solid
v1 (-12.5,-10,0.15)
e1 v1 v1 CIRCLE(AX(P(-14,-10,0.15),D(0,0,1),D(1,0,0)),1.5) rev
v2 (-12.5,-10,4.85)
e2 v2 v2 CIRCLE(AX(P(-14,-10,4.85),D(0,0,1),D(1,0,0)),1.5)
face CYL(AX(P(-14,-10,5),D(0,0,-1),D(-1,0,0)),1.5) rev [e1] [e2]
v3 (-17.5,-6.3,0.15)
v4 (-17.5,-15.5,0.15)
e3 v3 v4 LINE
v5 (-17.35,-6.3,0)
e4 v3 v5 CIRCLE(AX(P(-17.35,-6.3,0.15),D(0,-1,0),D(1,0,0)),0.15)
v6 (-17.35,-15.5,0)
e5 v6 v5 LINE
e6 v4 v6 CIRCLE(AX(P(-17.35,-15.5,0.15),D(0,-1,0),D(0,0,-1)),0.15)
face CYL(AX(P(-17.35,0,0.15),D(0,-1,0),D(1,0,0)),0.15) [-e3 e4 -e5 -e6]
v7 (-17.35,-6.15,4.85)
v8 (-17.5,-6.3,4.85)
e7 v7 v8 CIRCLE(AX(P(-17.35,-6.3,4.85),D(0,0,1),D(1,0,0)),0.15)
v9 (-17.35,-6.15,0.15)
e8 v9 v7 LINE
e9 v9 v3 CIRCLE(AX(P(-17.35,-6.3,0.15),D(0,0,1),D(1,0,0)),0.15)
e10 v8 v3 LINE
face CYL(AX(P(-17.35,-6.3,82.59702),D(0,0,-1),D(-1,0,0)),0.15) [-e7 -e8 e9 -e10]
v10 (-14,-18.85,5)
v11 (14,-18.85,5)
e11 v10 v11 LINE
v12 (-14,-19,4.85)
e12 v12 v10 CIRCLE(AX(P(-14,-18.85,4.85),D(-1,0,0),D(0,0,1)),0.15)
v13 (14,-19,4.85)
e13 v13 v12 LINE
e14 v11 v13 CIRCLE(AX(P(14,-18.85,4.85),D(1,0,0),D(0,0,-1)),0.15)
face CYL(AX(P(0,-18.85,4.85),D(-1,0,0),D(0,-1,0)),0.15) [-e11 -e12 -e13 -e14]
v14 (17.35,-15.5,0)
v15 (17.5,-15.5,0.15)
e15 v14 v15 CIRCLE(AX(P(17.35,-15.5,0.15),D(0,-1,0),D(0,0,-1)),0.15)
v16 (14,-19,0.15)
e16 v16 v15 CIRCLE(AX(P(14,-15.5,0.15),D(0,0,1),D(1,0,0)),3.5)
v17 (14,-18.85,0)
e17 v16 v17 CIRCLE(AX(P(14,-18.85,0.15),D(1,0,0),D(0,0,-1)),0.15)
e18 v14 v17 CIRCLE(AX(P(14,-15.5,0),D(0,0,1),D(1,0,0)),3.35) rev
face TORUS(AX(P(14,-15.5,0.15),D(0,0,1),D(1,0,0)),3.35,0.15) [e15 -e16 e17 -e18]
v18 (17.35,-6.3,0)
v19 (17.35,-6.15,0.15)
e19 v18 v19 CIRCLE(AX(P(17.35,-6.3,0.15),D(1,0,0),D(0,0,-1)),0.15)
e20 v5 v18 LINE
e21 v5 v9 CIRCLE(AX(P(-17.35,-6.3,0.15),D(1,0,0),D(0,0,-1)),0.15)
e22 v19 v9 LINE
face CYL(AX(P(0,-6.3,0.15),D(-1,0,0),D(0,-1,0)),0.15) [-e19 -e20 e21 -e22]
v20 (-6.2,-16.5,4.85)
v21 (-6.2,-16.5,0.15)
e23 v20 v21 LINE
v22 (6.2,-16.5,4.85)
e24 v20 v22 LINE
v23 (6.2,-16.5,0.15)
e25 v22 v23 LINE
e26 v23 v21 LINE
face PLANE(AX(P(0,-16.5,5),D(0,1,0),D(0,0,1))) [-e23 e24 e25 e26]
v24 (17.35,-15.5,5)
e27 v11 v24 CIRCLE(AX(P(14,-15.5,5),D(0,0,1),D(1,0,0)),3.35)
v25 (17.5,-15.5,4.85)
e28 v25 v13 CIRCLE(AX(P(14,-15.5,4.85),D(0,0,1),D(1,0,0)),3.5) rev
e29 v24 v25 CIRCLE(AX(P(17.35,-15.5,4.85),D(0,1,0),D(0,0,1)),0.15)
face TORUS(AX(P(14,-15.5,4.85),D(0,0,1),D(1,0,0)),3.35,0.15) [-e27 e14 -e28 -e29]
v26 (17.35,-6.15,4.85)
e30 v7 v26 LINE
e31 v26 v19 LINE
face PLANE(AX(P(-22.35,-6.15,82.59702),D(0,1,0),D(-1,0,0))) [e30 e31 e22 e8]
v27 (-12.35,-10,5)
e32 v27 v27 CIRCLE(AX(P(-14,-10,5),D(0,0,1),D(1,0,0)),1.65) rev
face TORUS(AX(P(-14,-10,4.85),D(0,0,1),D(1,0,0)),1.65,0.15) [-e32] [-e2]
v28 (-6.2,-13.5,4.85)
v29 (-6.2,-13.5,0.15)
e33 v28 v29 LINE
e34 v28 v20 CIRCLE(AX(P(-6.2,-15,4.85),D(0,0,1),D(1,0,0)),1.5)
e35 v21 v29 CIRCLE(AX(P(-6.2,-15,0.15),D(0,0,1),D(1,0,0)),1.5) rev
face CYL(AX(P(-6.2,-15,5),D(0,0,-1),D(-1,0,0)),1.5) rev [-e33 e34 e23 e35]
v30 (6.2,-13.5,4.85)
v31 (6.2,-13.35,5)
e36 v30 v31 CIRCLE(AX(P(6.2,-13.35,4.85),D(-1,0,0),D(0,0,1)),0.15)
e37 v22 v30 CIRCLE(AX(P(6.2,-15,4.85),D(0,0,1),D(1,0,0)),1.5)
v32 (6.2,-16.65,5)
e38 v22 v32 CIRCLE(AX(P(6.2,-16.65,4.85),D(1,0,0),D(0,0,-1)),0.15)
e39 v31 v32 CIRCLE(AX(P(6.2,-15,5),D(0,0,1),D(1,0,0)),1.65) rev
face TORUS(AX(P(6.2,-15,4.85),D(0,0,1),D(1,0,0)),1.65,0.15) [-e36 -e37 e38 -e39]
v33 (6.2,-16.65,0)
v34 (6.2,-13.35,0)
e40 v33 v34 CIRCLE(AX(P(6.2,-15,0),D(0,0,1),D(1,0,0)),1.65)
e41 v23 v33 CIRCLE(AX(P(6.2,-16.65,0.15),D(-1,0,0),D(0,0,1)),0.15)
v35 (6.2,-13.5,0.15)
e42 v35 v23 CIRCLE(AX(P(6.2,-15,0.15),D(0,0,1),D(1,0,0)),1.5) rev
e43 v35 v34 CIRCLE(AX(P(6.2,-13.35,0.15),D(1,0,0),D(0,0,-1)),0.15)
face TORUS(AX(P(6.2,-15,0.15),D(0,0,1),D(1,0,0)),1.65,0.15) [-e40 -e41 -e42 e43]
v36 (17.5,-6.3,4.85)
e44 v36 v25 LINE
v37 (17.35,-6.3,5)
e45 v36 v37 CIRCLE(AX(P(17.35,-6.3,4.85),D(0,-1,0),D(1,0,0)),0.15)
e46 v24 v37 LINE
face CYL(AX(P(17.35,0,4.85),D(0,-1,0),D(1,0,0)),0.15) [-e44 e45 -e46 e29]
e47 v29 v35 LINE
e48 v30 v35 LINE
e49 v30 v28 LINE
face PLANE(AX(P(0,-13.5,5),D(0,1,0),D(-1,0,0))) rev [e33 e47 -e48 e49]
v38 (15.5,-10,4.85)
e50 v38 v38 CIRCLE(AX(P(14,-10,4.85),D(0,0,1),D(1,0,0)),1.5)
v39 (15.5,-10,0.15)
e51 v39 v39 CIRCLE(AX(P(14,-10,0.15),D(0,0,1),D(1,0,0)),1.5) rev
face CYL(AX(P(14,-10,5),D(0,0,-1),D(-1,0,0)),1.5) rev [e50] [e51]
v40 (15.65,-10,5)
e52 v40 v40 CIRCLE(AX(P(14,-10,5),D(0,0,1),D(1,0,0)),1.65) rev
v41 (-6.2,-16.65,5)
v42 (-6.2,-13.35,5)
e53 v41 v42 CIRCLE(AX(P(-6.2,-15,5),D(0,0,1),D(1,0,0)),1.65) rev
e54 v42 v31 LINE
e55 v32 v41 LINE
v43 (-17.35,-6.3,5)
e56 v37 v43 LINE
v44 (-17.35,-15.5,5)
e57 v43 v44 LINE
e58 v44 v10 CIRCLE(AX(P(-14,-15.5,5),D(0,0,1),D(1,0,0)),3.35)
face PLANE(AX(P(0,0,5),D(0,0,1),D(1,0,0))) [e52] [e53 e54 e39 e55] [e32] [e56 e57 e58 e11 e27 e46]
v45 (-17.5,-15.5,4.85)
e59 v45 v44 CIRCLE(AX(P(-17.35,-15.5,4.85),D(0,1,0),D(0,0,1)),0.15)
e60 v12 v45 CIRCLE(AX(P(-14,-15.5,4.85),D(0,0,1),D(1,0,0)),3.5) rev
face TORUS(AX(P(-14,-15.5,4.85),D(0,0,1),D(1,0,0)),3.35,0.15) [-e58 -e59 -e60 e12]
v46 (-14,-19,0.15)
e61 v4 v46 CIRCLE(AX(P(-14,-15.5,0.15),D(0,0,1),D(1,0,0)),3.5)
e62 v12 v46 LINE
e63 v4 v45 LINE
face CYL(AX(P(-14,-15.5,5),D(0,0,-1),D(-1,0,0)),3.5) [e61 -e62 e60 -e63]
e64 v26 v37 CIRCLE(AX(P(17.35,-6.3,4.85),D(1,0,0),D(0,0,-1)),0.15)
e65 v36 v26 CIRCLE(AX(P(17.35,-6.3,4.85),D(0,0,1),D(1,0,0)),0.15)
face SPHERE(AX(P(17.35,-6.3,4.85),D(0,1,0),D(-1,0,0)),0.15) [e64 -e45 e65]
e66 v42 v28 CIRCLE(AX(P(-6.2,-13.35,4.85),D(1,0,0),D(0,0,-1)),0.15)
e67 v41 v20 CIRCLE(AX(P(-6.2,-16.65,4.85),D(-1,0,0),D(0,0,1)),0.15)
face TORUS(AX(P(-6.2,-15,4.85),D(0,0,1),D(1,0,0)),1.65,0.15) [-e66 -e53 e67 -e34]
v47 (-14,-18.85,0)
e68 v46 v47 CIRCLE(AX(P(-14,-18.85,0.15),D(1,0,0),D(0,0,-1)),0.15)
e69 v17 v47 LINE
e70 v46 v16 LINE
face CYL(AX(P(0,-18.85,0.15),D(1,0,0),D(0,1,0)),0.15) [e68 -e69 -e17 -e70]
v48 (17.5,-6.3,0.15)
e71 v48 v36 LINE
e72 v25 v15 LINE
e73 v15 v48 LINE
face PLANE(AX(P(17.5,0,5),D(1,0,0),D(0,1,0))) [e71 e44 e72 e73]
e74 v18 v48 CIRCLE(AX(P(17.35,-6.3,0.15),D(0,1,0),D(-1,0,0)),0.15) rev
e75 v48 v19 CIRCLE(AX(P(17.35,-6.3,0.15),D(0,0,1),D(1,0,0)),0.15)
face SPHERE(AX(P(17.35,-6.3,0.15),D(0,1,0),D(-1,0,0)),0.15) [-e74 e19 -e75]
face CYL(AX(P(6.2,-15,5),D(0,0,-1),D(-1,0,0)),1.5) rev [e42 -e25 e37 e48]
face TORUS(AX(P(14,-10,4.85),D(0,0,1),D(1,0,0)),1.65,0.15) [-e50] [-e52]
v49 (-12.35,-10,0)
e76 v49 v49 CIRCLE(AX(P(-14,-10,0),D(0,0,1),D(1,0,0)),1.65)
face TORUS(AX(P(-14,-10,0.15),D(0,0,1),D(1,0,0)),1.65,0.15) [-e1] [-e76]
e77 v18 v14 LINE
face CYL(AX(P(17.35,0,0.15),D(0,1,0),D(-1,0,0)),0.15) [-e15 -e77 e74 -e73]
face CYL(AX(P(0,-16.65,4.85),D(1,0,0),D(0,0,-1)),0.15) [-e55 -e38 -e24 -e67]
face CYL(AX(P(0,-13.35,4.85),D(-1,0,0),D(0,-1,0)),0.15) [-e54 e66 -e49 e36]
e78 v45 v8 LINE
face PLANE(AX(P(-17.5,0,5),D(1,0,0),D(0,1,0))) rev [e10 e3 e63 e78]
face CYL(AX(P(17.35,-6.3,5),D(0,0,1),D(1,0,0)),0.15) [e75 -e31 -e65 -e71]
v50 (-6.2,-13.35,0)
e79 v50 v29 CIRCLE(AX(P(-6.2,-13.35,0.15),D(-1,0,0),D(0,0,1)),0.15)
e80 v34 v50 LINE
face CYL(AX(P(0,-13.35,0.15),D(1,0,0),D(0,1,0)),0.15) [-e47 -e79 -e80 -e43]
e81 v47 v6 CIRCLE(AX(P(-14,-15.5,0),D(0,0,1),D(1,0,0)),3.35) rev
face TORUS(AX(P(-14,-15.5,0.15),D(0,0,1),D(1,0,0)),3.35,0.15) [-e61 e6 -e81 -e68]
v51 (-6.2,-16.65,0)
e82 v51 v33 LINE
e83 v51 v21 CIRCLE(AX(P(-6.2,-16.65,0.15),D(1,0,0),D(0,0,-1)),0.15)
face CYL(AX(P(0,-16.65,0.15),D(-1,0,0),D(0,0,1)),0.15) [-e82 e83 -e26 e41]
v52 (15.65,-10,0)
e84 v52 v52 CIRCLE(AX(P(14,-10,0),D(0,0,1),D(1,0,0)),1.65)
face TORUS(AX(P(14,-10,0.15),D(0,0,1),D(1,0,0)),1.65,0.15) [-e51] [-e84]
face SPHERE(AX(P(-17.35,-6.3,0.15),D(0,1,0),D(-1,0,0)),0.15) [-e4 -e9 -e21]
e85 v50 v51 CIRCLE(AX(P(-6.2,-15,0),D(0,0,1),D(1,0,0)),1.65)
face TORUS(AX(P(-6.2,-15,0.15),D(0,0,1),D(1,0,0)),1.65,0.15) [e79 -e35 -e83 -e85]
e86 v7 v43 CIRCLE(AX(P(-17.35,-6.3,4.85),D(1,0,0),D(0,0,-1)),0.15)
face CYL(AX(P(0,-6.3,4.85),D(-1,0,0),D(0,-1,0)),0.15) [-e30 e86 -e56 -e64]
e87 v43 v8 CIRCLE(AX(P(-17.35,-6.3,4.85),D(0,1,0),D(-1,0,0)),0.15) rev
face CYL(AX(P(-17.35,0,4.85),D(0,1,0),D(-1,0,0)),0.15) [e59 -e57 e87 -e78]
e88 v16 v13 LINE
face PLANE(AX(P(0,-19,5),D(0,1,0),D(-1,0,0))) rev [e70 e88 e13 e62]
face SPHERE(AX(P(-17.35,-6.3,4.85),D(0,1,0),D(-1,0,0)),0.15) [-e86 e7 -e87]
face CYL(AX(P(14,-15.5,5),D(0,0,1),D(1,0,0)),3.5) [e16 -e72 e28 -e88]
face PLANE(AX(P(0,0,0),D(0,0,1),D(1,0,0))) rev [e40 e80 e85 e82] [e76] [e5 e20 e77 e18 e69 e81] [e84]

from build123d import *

# Parameters (mm, degrees)
SKETCH1_R               = 2
SKETCH1_W               = 35
SKETCH1_H               = 28
SKETCH1_R_2             = 1.5
SKETCH1_R_3             = 1
SKETCH1_W_2             = 23
SKETCH1_H_2             = 12
BOSS_EXTRUDE1_DEPTH     = 5
FILLET1_R               = 3.5
FILLET2_R               = 0.15
CUT_EXTRUDE1_DEPTH      = 1
CUT_EXTRUDE1_DEPTH_BACK = 6
FILLET3_R               = 0.15


with BuildPart() as part:
    # Sketch1 → Boss-Extrude1 (new body)
    with BuildSketch(Plane.XY):
        with BuildLine():
            ThreePointArc((-17.5, 9), (0, 26), (17.5, 9))
            Line((17.5, 9), (-17.5, 9))
        make_face()
        with Locations((-8.5, 16)):
            Circle(SKETCH1_R, mode=Mode.SUBTRACT)
        with Locations((8.5, 16)):
            Circle(SKETCH1_R, mode=Mode.SUBTRACT)
        with Locations((0, -5)):
            Rectangle(SKETCH1_W, SKETCH1_H)
        with Locations((14, -10)):
            Circle(SKETCH1_R_2, mode=Mode.SUBTRACT)
        with Locations((-14, 0)):
            Circle(SKETCH1_R_3, mode=Mode.SUBTRACT)
        with Locations((-14, -10)):
            Circle(SKETCH1_R_2, mode=Mode.SUBTRACT)
        with Locations((14, 0)):
            Circle(SKETCH1_R_3, mode=Mode.SUBTRACT)
        with BuildLine():
            ThreePointArc((6.2, -16.5), (7.7, -15), (6.2, -13.5))
            Line((6.2, -13.5), (-6.2, -13.5))
            ThreePointArc((-6.2, -13.5), (-7.7, -15), (-6.2, -16.5))
            Line((-6.2, -16.5), (6.2, -16.5))
        make_face(mode=Mode.SUBTRACT)
        Rectangle(SKETCH1_W_2, SKETCH1_H_2, mode=Mode.SUBTRACT)
    extrude(amount=BOSS_EXTRUDE1_DEPTH)

    # Fillet1
    fillet1_edges = [part.edges().sort_by_distance(p)[0] for p in [
        (17.5, -19, 2.5),
        (-17.5, -19, 2.5),
    ]]
    fillet(fillet1_edges, radius=FILLET1_R)

    # Fillet2
    fillet2_edges = [part.edges().sort_by_distance(p)[0] for p in [
        (0, 26, 5),
        (-17.5, -3.25, 5),
        (13, 0, 0),
        (-11.5, 0, 0),
        (0, -6, 0),
        (11.5, 0, 0),
        (0, 6, 0),
        (0, -13.5, 0),
        (-7.7, -15, 0),
        (0, -16.5, 0),
        (7.7, -15, 0),
        (-15.5, -10, 0),
        (-15, 0, 0),
        (12.5, -10, 0),
        (6.5, 16, 0),
        (17.5, -3.25, 5),
        (-10.5, 16, 0),
        (17.5, -3.25, 0),
        (-17.5, -3.25, 0),
        (0, 26, 0),
        (-10.5, 16, 5),
        (6.5, 16, 5),
        (12.5, -10, 5),
        (-15, 0, 5),
        (-15.5, -10, 5),
        (0, -19, 0),
        (0, -19, 5),
        (7.7, -15, 5),
        (16.474873734, -17.974873734, 0),
        (-16.474873734, -17.974873734, 0),
        (16.474873734, -17.974873734, 5),
        (-16.474873734, -17.974873734, 5),
        (0, -16.5, 5),
        (-7.7, -15, 5),
        (0, -13.5, 5),
        (0, 6, 5),
        (11.5, 0, 5),
        (0, -6, 5),
        (-11.5, 0, 5),
        (13, 0, 5),
    ]]
    fillet(fillet2_edges, radius=FILLET2_R)

    # Sketch2 → Cut-Extrude1 (cut, two sides)
    with BuildSketch(Plane.XY.offset(5)) as cut_extrude1_sk:
        Polygon((-143.203867772, -6.15), (-22.35, -6.15), (27.65, -6.15), (148.503867772, -6.15), (148.503867772, 235.557735544), (-143.203867772, 235.557735544), align=None)
    extrude(amount=CUT_EXTRUDE1_DEPTH, mode=Mode.SUBTRACT)
    extrude(cut_extrude1_sk.sketch, amount=-CUT_EXTRUDE1_DEPTH_BACK, mode=Mode.SUBTRACT)

    # Fillet3
    fillet3_edges = [part.edges().sort_by_distance(p)[0] for p in [
        (0, -6.15, 5),
        (17.456066017, -6.15, 4.956066017),
        (-17.456066017, -6.15, 0.043933983),
        (17.456066017, -6.15, 0.043933983),
        (17.5, -6.15, 2.5),
        (-17.456066017, -6.15, 4.956066017),
        (-17.5, -6.15, 2.5),
        (0, -6.15, 0),
    ]]
    fillet(fillet3_edges, radius=FILLET3_R)


solid = part.part
